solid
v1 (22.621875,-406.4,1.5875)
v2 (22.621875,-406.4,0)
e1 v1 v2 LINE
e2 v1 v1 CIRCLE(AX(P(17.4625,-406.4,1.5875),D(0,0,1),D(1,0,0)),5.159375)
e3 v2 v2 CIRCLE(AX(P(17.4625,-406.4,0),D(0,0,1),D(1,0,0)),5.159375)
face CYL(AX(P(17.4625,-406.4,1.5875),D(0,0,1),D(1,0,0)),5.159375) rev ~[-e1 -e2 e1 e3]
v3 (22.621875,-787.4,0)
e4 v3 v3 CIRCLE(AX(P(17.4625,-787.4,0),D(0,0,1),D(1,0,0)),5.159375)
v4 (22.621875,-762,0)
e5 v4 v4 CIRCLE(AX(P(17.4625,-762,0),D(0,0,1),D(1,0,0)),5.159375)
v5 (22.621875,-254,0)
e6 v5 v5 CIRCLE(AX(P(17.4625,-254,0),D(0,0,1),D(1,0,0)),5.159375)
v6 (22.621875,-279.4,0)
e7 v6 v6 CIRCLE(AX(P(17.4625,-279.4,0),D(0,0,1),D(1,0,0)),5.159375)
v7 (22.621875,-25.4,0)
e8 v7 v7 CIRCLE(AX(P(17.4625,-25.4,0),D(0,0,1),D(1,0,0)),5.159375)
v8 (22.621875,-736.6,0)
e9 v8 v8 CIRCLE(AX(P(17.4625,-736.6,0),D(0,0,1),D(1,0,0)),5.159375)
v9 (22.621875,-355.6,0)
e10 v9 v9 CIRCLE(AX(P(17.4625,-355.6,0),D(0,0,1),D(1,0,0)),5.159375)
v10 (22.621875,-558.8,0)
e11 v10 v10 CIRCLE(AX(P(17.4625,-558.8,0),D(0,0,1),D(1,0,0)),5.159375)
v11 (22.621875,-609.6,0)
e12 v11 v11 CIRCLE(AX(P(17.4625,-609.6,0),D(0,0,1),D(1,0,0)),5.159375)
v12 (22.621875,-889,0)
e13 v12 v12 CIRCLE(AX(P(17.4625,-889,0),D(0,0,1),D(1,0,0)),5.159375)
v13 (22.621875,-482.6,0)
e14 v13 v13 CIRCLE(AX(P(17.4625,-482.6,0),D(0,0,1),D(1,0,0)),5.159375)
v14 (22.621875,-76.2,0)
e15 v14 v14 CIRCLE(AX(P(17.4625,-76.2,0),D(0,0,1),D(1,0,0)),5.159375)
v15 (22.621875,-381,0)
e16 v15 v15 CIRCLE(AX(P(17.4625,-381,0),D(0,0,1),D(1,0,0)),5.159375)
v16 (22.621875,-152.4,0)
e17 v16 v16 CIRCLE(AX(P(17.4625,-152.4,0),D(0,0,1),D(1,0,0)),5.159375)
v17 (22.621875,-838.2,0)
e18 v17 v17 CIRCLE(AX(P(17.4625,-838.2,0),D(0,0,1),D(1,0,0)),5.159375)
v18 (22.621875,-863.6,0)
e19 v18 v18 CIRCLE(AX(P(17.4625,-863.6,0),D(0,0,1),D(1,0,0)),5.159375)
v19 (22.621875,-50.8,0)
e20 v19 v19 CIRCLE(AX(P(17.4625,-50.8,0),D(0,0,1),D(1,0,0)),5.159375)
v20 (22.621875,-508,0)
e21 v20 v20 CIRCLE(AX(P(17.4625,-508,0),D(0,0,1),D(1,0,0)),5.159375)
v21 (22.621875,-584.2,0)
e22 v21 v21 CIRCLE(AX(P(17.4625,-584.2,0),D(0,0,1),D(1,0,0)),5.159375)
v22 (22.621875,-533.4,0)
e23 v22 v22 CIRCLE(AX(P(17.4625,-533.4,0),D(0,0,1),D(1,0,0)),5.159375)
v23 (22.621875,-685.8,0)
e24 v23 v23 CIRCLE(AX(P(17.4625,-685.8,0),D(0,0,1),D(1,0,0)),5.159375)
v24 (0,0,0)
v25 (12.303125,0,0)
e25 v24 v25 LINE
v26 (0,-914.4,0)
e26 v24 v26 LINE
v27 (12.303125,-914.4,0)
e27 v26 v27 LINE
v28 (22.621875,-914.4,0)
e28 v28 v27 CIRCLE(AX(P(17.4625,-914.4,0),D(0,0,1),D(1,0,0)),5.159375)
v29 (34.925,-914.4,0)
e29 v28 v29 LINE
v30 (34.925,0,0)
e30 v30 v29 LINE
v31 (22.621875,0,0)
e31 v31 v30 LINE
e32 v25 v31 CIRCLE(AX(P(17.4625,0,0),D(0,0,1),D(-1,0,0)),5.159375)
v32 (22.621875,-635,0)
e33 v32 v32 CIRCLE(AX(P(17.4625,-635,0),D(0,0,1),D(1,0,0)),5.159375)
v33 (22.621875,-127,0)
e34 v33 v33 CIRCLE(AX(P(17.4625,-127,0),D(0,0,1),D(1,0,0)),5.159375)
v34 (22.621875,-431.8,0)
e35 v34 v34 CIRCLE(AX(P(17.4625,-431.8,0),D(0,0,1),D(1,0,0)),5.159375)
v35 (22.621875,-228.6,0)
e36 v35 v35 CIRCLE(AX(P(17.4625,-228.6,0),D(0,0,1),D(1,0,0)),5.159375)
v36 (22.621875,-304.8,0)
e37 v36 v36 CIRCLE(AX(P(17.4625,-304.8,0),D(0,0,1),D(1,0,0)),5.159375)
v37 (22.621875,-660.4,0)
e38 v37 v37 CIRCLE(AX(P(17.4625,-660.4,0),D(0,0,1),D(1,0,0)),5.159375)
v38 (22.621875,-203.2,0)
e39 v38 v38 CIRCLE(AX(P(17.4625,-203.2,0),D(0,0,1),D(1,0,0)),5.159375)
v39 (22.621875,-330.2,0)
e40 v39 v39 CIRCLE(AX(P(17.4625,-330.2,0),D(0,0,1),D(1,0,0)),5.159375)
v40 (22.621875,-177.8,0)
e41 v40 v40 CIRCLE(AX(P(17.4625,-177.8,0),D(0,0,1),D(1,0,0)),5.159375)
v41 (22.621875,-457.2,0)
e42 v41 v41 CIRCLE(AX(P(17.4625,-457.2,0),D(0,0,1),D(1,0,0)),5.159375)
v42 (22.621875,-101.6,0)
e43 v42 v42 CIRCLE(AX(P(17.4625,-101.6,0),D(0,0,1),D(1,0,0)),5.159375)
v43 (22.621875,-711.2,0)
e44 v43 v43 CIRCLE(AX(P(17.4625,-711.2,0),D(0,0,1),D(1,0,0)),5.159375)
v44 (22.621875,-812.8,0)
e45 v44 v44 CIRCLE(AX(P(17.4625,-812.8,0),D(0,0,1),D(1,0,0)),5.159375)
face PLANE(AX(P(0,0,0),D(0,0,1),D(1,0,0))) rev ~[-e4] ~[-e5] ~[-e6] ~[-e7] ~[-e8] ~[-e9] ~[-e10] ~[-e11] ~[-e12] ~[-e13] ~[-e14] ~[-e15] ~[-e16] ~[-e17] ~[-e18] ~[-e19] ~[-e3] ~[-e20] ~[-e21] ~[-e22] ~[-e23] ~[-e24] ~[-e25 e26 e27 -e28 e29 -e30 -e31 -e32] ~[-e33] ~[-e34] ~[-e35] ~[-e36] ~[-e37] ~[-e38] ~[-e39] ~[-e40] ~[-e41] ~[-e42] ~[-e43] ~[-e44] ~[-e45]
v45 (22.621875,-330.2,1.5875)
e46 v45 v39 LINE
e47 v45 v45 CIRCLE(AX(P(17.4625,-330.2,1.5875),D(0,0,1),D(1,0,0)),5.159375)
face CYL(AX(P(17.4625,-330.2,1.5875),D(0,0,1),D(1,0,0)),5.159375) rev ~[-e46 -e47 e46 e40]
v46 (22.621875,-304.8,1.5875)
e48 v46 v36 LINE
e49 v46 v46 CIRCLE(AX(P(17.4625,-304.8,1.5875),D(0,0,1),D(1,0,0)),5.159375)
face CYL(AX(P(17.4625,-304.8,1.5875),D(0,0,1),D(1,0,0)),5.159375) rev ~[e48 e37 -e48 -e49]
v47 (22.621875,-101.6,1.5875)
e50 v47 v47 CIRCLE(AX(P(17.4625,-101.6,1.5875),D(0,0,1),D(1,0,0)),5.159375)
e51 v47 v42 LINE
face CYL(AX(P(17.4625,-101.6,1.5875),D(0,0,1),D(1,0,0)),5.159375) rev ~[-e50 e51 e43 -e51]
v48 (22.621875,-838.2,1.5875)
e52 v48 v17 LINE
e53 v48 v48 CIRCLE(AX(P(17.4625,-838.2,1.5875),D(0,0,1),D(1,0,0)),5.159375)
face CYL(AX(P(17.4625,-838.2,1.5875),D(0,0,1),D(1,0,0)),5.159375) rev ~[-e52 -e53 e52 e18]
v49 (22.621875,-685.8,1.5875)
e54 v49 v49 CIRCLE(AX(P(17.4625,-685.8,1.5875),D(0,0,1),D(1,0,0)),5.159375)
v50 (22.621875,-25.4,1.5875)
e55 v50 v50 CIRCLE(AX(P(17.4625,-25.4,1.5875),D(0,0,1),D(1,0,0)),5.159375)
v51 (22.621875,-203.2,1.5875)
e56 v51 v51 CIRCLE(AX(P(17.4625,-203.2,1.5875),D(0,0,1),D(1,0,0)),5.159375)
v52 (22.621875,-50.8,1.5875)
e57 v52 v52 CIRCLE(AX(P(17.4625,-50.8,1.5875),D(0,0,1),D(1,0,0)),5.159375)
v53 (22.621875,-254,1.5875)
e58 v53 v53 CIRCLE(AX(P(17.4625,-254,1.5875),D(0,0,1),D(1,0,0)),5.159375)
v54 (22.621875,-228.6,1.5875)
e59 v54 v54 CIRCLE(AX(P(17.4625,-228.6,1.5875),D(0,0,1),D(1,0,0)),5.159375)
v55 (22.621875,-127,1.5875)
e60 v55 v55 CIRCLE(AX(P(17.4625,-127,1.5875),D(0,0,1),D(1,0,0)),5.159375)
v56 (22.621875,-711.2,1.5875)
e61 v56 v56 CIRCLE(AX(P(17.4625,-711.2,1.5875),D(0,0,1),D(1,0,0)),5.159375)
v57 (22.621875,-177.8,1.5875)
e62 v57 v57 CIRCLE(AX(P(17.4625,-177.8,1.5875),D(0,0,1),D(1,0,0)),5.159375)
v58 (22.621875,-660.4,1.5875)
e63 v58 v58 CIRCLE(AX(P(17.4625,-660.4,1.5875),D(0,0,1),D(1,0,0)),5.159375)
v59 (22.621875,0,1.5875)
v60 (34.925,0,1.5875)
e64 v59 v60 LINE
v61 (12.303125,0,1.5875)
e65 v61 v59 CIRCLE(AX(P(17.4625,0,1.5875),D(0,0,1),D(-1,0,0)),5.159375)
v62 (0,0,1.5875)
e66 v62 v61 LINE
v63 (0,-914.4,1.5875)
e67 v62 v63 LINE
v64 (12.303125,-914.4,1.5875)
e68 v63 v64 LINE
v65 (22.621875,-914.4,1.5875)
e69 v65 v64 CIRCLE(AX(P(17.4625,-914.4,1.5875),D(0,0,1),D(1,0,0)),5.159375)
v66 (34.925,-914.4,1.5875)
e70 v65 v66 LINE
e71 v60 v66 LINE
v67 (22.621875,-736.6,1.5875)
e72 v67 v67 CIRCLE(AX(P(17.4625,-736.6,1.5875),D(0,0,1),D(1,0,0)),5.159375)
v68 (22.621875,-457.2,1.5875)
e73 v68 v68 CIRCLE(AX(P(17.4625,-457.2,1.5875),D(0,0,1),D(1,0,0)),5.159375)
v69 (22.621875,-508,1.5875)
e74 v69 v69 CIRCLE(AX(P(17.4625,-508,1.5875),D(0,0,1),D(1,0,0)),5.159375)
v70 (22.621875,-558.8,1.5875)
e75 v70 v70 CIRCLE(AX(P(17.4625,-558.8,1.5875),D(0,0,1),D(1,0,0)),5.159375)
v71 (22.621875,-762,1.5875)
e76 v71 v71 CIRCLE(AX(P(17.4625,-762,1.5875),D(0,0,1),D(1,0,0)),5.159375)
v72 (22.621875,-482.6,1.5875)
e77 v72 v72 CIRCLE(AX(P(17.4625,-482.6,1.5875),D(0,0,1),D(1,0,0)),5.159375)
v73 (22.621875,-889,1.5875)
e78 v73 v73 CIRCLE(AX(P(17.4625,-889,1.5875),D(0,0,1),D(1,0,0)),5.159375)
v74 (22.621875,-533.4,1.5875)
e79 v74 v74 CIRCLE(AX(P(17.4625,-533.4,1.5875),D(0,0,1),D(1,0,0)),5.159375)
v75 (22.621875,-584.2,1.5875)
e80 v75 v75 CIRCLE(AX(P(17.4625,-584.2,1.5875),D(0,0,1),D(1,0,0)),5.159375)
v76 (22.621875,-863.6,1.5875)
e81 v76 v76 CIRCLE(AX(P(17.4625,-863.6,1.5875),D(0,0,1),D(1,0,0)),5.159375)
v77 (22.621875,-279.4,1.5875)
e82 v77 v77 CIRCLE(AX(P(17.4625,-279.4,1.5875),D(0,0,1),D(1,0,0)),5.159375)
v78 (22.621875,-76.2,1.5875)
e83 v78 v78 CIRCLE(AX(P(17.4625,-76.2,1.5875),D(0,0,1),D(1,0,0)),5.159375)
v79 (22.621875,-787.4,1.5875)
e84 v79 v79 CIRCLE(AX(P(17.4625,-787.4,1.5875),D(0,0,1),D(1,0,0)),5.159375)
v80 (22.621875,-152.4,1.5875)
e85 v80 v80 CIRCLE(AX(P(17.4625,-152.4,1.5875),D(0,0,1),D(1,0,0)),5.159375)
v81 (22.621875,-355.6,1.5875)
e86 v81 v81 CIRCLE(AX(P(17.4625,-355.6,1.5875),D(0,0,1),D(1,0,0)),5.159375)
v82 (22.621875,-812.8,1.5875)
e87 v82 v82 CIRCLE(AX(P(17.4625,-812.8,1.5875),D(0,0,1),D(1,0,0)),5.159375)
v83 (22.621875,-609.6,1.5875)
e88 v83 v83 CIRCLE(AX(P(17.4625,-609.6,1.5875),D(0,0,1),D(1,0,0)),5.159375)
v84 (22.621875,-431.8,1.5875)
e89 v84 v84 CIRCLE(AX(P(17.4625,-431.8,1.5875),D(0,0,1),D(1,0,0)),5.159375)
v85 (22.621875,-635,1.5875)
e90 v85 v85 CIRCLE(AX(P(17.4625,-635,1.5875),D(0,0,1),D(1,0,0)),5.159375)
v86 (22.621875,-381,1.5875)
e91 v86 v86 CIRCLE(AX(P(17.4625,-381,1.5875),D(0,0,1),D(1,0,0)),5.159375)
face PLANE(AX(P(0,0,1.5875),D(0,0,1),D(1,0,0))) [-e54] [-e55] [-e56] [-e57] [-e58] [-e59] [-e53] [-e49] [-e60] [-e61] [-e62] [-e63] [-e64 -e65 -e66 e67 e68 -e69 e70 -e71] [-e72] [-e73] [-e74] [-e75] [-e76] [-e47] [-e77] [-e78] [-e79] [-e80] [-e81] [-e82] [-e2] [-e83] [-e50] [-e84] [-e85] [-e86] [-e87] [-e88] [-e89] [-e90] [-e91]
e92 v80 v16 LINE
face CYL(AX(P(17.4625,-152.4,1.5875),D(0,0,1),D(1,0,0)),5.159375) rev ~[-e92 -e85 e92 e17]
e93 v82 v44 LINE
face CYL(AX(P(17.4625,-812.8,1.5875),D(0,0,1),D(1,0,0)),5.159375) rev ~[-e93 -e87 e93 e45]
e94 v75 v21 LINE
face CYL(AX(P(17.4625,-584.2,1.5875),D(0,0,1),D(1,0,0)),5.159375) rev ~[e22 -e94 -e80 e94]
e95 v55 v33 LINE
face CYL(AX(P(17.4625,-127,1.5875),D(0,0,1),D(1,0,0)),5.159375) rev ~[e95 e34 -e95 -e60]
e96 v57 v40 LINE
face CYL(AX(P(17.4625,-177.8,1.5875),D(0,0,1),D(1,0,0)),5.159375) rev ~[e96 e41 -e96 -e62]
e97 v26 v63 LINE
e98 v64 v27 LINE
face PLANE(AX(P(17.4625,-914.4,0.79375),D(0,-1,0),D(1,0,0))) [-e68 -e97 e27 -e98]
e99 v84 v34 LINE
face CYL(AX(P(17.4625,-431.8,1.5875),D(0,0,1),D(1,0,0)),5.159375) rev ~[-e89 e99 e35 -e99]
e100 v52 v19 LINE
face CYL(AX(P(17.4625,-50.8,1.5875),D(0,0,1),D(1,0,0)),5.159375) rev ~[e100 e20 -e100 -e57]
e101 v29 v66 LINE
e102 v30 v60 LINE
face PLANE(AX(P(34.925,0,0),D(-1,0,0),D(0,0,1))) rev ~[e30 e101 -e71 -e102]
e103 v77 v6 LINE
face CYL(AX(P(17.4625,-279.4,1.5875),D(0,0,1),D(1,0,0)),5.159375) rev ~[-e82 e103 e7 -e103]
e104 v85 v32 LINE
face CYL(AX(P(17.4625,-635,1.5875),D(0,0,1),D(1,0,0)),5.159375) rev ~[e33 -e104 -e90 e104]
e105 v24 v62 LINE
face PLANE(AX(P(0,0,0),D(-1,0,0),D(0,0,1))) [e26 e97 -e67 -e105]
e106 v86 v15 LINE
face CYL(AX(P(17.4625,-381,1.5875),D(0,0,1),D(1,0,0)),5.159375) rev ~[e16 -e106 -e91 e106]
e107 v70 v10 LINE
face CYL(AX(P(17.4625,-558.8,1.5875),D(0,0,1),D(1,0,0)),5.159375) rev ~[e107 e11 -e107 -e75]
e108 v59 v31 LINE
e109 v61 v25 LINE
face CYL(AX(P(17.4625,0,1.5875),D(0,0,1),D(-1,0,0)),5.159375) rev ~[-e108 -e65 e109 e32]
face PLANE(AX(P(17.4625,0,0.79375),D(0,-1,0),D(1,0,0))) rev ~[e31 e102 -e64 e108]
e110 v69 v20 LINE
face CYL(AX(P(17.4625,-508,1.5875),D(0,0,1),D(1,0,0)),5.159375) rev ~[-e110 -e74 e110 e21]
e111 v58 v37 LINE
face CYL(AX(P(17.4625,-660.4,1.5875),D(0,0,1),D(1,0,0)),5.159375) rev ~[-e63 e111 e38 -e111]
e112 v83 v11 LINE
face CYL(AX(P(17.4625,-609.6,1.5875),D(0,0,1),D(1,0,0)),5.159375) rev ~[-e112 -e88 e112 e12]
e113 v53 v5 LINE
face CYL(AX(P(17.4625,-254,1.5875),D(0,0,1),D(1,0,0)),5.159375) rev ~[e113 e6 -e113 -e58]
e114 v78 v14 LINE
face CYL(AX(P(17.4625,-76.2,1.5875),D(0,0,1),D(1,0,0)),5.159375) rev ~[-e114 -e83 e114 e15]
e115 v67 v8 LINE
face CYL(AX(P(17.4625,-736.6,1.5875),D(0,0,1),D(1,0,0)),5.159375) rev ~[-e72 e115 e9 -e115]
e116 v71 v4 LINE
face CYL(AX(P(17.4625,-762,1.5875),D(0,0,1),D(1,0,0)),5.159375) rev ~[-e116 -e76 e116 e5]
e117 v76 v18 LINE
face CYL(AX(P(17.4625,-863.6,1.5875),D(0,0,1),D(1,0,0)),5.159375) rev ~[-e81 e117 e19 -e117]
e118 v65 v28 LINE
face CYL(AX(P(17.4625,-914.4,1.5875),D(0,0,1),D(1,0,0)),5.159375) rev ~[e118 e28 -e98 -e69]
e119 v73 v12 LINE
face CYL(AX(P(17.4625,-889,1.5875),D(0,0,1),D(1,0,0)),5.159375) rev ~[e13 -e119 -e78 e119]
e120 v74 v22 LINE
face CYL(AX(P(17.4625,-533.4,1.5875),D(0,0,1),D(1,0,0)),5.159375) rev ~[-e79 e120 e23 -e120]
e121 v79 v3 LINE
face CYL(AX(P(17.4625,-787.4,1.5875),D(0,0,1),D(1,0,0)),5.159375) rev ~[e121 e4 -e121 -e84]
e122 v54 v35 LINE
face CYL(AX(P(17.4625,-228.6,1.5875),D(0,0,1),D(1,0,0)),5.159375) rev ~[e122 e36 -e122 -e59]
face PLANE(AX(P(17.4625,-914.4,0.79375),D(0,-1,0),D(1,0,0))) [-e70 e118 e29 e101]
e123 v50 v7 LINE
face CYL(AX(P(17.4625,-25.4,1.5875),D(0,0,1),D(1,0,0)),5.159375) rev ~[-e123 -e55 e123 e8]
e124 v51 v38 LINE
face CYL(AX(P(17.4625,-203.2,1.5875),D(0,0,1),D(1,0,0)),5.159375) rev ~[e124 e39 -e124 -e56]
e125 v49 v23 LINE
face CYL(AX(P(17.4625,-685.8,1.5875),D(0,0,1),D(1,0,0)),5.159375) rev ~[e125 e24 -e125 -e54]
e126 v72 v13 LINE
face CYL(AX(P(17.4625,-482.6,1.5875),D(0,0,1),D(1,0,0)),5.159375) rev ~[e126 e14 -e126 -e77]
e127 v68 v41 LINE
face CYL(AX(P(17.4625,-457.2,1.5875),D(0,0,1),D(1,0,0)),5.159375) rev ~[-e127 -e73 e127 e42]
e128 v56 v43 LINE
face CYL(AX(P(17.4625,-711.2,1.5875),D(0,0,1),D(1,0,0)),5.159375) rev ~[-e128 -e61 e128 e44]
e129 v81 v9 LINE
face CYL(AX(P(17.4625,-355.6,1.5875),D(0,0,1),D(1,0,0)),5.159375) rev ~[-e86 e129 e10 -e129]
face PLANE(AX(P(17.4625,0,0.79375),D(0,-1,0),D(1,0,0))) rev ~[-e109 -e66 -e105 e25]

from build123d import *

# Parameters (mm, degrees)
F0_W     = 34.925
F0_H     = 1.5875
F1_DEPTH = 914.4
F2_R     = 5.159375
F3_DEPTH = 25.4


with BuildPart() as f1:
    # F0 (on Front) → F1 (new body)
    with BuildSketch(Plane.XZ):
        with Locations((17.4625, 0.79375)):
            Rectangle(F0_W, F0_H)
    extrude(amount=F1_DEPTH)

    # F2 (on face) → F3 (cut)
    with BuildSketch(Plane.XY.offset(1.5875)):
        with BuildLine():
            ThreePointArc((12.303125, 0), (17.4625, -5.159375), (22.621875, 0))
            Line((22.621875, 0), (12.303125, 0))
        make_face()
        with Locations((17.4625, -25.4)):
            Circle(F2_R)
        with Locations((17.4625, -50.8)):
            Circle(F2_R)
        with Locations((17.4625, -101.6)):
            Circle(F2_R)
        with Locations((17.4625, -76.2)):
            Circle(F2_R)
        with Locations((17.4625, -228.6)):
            Circle(F2_R)
        with Locations((17.4625, -203.2)):
            Circle(F2_R)
        with Locations((17.4625, -177.8)):
            Circle(F2_R)
        with Locations((17.4625, -152.4)):
            Circle(F2_R)
        with Locations((17.4625, -127)):
            Circle(F2_R)
        with Locations((17.4625, -254)):
            Circle(F2_R)
        with Locations((17.4625, -279.4)):
            Circle(F2_R)
        with Locations((17.4625, -304.8)):
            Circle(F2_R)
        with BuildLine():
            Line((12.303125, -914.4), (22.621875, -914.4))
            ThreePointArc((22.621875, -914.4), (17.4625, -909.240625), (12.303125, -914.4))
        make_face()
        with Locations((17.4625, -889)):
            Circle(F2_R)
        with Locations((17.4625, -863.6)):
            Circle(F2_R)
        with Locations((17.4625, -838.2)):
            Circle(F2_R)
        with Locations((17.4625, -812.8)):
            Circle(F2_R)
        with Locations((17.4625, -787.4)):
            Circle(F2_R)
        with Locations((17.4625, -762)):
            Circle(F2_R)
        with Locations((17.4625, -736.6)):
            Circle(F2_R)
        with Locations((17.4625, -711.2)):
            Circle(F2_R)
        with Locations((17.4625, -660.4)):
            Circle(F2_R)
        with Locations((17.4625, -685.8)):
            Circle(F2_R)
        with Locations((17.4625, -635)):
            Circle(F2_R)
        with Locations((17.4625, -609.6)):
            Circle(F2_R)
        with Locations((17.4625, -584.2)):
            Circle(F2_R)
        with Locations((17.4625, -558.8)):
            Circle(F2_R)
        with Locations((17.4625, -533.4)):
            Circle(F2_R)
        with Locations((17.4625, -508)):
            Circle(F2_R)
        with Locations((17.4625, -482.6)):
            Circle(F2_R)
        with Locations((17.4625, -457.2)):
            Circle(F2_R)
        with Locations((17.4625, -431.8)):
            Circle(F2_R)
        with Locations((17.4625, -406.4)):
            Circle(F2_R)
        with Locations((17.4625, -381)):
            Circle(F2_R)
        with Locations((17.4625, -330.2)):
            Circle(F2_R)
        with Locations((17.4625, -355.6)):
            Circle(F2_R)
    extrude(amount=-F3_DEPTH, mode=Mode.SUBTRACT)


solid = f1.part
